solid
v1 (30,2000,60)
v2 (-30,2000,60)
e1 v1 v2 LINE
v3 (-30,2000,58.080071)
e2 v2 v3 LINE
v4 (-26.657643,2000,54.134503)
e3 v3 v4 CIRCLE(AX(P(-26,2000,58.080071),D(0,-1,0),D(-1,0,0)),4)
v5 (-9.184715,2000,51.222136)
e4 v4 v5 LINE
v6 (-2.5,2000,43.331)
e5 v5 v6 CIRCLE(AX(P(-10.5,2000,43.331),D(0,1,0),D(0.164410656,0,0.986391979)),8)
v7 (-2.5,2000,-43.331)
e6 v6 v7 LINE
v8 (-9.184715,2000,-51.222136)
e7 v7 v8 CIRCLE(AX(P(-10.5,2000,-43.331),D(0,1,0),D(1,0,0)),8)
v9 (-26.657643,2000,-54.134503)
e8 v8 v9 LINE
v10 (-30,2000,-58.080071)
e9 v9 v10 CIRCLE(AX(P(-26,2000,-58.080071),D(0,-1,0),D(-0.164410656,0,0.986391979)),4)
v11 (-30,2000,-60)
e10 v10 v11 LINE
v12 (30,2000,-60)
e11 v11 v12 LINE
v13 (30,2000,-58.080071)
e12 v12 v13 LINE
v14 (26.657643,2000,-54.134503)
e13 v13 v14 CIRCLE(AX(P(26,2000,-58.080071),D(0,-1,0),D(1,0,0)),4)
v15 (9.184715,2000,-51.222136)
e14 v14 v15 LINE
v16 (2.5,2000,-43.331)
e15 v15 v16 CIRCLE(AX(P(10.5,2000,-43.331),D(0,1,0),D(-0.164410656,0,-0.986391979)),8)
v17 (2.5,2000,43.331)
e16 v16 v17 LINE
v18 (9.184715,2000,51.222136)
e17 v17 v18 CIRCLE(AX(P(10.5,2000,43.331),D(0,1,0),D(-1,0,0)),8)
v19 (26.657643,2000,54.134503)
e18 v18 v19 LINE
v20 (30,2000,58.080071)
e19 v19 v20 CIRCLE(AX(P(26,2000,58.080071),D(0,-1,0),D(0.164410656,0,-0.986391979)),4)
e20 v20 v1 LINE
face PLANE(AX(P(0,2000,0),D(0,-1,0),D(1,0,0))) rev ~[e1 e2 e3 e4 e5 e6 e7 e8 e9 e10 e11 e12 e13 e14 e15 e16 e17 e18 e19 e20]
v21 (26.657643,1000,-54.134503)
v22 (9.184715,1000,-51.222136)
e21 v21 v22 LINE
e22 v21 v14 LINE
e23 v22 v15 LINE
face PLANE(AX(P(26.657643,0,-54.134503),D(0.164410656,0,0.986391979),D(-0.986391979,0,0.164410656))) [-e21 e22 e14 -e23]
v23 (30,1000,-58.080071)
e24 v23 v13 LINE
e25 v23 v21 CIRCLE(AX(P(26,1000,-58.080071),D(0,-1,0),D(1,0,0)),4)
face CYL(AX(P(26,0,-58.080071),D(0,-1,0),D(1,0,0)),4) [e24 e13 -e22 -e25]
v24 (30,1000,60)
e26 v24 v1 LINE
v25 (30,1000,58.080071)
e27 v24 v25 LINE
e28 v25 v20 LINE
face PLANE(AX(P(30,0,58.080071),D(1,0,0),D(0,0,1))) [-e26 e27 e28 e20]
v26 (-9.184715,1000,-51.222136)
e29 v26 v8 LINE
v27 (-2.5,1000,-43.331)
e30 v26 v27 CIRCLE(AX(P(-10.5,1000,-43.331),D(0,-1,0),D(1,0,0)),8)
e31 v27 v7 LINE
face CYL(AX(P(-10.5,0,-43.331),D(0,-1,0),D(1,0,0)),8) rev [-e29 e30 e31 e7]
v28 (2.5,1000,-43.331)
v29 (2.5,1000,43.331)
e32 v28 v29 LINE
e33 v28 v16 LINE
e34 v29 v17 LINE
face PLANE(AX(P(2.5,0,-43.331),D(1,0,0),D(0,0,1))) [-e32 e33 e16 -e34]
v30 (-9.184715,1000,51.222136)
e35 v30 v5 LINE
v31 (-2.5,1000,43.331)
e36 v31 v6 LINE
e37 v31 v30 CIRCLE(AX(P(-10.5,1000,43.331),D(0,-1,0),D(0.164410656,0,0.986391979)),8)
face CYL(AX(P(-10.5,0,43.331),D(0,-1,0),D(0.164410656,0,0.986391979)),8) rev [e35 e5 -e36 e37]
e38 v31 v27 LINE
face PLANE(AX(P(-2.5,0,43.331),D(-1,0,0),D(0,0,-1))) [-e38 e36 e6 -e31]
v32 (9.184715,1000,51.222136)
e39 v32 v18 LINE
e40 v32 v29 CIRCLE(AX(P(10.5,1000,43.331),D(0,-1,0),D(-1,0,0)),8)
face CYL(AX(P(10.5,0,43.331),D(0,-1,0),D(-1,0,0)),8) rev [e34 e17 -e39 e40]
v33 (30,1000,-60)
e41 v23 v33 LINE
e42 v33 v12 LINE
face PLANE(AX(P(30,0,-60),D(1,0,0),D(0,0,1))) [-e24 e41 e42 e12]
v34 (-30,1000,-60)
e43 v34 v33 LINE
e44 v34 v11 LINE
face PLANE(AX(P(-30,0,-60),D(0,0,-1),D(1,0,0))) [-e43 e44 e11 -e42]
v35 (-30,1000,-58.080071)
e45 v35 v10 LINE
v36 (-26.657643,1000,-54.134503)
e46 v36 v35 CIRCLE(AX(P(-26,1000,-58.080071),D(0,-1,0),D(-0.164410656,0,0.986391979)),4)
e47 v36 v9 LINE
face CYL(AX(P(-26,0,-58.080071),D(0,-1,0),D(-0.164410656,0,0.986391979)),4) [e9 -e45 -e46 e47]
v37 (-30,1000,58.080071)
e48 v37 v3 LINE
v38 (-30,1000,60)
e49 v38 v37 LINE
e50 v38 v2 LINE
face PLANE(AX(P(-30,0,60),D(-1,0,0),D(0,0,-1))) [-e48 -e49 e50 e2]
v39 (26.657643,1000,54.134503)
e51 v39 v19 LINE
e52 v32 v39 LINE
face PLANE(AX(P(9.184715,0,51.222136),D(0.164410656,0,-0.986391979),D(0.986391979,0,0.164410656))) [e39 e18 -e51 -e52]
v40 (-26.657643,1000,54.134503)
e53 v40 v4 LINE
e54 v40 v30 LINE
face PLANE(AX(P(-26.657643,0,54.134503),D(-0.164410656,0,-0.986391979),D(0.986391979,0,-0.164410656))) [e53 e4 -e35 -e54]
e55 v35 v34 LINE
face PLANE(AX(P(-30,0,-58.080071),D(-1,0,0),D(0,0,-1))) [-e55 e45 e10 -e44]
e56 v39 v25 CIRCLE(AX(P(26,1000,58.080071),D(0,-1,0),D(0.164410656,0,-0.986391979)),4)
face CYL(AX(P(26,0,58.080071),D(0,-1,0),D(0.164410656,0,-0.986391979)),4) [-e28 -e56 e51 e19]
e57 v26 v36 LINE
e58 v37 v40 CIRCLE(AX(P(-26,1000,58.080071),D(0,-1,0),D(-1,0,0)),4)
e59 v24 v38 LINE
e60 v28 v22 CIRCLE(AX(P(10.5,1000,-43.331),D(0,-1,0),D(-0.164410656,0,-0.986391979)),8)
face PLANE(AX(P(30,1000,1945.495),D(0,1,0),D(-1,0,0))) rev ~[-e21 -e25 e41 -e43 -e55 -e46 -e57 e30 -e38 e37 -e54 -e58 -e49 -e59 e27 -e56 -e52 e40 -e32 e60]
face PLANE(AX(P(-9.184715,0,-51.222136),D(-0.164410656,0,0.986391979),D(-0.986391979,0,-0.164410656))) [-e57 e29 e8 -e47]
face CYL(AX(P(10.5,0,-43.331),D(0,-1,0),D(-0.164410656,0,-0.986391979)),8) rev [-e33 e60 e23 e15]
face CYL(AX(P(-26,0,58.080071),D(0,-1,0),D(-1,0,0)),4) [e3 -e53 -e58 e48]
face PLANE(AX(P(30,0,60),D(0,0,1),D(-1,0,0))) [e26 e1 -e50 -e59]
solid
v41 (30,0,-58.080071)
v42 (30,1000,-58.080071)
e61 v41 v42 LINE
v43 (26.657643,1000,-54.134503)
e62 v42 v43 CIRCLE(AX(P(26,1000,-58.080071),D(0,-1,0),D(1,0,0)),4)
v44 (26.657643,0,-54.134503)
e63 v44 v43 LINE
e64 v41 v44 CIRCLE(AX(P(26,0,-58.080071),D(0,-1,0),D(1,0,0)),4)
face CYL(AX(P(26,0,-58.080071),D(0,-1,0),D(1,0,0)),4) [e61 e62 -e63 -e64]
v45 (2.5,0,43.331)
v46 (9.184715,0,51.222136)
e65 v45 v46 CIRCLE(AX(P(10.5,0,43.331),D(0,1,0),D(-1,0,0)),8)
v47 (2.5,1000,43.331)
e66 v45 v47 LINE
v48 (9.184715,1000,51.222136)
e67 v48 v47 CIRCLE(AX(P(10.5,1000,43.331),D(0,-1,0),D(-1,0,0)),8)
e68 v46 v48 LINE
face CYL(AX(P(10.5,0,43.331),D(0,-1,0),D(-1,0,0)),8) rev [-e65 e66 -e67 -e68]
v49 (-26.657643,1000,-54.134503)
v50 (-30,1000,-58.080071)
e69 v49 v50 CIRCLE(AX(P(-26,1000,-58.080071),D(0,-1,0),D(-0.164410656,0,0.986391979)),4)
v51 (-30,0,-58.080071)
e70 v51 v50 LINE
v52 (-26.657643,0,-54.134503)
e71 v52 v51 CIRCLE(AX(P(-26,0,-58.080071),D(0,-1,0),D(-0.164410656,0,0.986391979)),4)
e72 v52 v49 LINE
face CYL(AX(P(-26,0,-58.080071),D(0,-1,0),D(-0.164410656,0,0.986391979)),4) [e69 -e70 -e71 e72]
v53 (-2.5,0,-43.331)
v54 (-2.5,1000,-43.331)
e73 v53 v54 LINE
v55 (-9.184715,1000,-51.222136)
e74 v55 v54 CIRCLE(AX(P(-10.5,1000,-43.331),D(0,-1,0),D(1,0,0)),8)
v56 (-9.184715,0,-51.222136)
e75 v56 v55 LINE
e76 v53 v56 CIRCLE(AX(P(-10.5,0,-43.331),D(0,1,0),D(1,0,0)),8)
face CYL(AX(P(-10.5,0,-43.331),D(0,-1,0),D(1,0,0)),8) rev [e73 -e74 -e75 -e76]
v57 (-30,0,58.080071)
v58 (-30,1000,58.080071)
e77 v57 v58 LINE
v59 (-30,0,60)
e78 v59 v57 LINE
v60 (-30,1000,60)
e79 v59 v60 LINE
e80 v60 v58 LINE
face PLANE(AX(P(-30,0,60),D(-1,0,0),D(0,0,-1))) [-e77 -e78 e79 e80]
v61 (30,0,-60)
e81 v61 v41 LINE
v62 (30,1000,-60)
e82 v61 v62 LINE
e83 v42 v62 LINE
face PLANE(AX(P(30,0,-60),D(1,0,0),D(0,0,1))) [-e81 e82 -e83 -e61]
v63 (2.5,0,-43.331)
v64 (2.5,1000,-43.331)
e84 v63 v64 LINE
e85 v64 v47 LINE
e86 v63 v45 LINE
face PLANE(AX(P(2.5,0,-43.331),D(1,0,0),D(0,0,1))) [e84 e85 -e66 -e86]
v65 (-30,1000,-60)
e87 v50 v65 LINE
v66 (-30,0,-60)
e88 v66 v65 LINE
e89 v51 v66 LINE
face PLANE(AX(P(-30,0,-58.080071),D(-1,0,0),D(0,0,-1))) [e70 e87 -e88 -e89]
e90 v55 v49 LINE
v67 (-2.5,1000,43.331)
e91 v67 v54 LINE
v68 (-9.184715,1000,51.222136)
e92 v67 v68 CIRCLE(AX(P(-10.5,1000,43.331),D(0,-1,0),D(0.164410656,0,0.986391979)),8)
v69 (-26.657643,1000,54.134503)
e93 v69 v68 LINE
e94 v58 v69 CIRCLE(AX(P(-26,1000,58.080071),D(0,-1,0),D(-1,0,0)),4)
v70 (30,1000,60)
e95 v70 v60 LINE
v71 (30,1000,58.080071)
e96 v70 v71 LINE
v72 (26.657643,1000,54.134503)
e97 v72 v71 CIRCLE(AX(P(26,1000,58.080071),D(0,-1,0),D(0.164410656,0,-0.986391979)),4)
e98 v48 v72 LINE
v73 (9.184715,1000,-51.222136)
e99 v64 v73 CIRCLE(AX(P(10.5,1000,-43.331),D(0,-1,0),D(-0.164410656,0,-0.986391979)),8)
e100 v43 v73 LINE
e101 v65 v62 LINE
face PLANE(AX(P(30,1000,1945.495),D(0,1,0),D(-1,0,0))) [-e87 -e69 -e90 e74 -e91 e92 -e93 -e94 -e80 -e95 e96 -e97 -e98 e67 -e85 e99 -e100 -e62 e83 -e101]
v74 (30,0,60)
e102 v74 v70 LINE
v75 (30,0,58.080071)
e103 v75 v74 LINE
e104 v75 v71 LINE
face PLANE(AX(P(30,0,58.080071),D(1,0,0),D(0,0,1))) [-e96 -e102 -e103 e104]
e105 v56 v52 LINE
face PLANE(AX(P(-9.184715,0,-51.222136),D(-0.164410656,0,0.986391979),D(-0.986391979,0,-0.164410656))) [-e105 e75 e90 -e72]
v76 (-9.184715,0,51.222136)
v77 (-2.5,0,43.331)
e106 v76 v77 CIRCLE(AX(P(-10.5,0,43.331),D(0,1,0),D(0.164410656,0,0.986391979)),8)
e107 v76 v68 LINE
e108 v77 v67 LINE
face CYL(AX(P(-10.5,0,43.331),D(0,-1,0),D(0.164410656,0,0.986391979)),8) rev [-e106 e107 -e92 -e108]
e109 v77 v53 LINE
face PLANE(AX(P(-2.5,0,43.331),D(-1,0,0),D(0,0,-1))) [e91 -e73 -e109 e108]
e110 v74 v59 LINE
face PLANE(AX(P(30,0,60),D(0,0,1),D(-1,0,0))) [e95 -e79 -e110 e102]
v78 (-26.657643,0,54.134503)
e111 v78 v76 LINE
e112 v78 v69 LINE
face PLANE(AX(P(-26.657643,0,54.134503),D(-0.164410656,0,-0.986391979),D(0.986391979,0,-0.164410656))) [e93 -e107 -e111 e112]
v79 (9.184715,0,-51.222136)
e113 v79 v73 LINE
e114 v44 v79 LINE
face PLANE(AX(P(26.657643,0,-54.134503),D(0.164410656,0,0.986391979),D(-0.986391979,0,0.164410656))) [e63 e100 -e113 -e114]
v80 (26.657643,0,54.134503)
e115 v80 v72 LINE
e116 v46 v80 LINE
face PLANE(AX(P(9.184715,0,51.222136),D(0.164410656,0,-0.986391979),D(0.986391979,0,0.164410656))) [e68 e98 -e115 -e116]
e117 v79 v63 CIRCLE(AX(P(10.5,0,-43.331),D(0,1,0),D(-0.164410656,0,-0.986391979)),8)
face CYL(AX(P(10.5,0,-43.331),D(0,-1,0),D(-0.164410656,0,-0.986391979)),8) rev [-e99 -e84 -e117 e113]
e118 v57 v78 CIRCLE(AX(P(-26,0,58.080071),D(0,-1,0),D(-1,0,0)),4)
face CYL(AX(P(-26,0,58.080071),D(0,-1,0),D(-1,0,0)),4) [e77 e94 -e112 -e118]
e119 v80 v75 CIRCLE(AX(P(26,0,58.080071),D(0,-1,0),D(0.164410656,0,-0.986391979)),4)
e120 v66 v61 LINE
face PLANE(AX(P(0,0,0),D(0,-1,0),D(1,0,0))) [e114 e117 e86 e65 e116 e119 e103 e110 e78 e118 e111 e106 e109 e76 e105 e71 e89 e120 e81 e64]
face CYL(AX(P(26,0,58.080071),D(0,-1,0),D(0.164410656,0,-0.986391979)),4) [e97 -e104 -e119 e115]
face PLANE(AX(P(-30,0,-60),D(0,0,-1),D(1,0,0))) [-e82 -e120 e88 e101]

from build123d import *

# Parameters (mm, degrees)
SB_BEAM_120_X_12_1_DEPTH = 2000
SPLIT1_SURFACE_1_BACK    = 2005.495
SPLIT1_SURFACE_1_DEPTH   = 4010.99
SPLIT1_SURFACE_2_BACK    = 2005.495
SPLIT1_SURFACE_2_DEPTH   = 4010.99


with BuildPart() as part:
    # Sketch15 → Sb beam 120 X 12(1) (new body)
    with BuildSketch(Plane(origin=(0, 0, 0), x_dir=(-1, 0, 0), z_dir=(0, 1, 0))):
        with BuildLine():
            Line((-30, -60), (-30, -58.080070835))
            ThreePointArc((-30, -58.080070835), (-29.052095223, -55.494589303), (-26.657642624, -54.134502919))
            Line((-26.657642624, -54.134502919), (-9.184714752, -51.222135832))
            ThreePointArc((-9.184714752, -51.222135832), (-4.395809555, -48.501963064), (-2.5, -43.331))
            Line((-2.5, -43.331), (-2.5, 43.331))
            ThreePointArc((-2.5, 43.331), (-4.395809555, 48.501963064), (-9.184714752, 51.222135832))
            Line((-9.184714752, 51.222135832), (-26.657642624, 54.134502919))
            ThreePointArc((-26.657642624, 54.134502919), (-29.052095223, 55.494589303), (-30, 58.080070835))
            Line((-30, 58.080070835), (-30, 60))
            Line((-30, 60), (30, 60))
            Line((30, 60), (30, 58.080070835))
            ThreePointArc((30, 58.080070835), (29.052095223, 55.494589303), (26.657642624, 54.134502919))
            Line((26.657642624, 54.134502919), (9.184714752, 51.222135832))
            ThreePointArc((9.184714752, 51.222135832), (4.395809555, 48.501963064), (2.5, 43.331))
            Line((2.5, 43.331), (2.5, -43.331))
            ThreePointArc((2.5, -43.331), (4.395809555, -48.501963064), (9.184714752, -51.222135832))
            Line((9.184714752, -51.222135832), (26.657642624, -54.134502919))
            ThreePointArc((26.657642624, -54.134502919), (29.052095223, -55.494589303), (30, -58.080070835))
            Line((30, -58.080070835), (30, -60))
            Line((30, -60), (-30, -60))
        make_face()
    extrude(amount=SB_BEAM_120_X_12_1_DEPTH)


with BuildPart() as body_2:
    # Split1: the piece behind the surface
    add(part.part)
    # Split1 surface: a surface, the sketch's curves swept straight by 4010.99 mm
    with BuildLine(Plane(origin=(0, 0, -60), x_dir=(-1, 0, 0), z_dir=(0, 0, -1)).offset(-SPLIT1_SURFACE_1_BACK), mode=Mode.PRIVATE) as split1_surface_1_path:
        Line((-30, 1000), (30, 1000))
    split1_surface_1 = Shell.extrude(split1_surface_1_path.wire(), (0 * SPLIT1_SURFACE_1_DEPTH, 0 * SPLIT1_SURFACE_1_DEPTH, -1 * SPLIT1_SURFACE_1_DEPTH))
    split(bisect_by=split1_surface_1, keep=Keep.BOTTOM)


with BuildPart() as part_1:
    add(part.part)

    # Split1: split by a surface, the side it looks to stays
    # Split1 surface: a surface, the sketch's curves swept straight by 4010.99 mm
    with BuildLine(Plane(origin=(0, 0, -60), x_dir=(-1, 0, 0), z_dir=(0, 0, -1)).offset(-SPLIT1_SURFACE_2_BACK), mode=Mode.PRIVATE) as split1_surface_2_path:
        Line((-30, 1000), (30, 1000))
    split1_surface_2 = Shell.extrude(split1_surface_2_path.wire(), (0 * SPLIT1_SURFACE_2_DEPTH, 0 * SPLIT1_SURFACE_2_DEPTH, -1 * SPLIT1_SURFACE_2_DEPTH))
    split(bisect_by=split1_surface_2, keep=Keep.TOP)


solid = Compound([body_2.part, part_1.part])
